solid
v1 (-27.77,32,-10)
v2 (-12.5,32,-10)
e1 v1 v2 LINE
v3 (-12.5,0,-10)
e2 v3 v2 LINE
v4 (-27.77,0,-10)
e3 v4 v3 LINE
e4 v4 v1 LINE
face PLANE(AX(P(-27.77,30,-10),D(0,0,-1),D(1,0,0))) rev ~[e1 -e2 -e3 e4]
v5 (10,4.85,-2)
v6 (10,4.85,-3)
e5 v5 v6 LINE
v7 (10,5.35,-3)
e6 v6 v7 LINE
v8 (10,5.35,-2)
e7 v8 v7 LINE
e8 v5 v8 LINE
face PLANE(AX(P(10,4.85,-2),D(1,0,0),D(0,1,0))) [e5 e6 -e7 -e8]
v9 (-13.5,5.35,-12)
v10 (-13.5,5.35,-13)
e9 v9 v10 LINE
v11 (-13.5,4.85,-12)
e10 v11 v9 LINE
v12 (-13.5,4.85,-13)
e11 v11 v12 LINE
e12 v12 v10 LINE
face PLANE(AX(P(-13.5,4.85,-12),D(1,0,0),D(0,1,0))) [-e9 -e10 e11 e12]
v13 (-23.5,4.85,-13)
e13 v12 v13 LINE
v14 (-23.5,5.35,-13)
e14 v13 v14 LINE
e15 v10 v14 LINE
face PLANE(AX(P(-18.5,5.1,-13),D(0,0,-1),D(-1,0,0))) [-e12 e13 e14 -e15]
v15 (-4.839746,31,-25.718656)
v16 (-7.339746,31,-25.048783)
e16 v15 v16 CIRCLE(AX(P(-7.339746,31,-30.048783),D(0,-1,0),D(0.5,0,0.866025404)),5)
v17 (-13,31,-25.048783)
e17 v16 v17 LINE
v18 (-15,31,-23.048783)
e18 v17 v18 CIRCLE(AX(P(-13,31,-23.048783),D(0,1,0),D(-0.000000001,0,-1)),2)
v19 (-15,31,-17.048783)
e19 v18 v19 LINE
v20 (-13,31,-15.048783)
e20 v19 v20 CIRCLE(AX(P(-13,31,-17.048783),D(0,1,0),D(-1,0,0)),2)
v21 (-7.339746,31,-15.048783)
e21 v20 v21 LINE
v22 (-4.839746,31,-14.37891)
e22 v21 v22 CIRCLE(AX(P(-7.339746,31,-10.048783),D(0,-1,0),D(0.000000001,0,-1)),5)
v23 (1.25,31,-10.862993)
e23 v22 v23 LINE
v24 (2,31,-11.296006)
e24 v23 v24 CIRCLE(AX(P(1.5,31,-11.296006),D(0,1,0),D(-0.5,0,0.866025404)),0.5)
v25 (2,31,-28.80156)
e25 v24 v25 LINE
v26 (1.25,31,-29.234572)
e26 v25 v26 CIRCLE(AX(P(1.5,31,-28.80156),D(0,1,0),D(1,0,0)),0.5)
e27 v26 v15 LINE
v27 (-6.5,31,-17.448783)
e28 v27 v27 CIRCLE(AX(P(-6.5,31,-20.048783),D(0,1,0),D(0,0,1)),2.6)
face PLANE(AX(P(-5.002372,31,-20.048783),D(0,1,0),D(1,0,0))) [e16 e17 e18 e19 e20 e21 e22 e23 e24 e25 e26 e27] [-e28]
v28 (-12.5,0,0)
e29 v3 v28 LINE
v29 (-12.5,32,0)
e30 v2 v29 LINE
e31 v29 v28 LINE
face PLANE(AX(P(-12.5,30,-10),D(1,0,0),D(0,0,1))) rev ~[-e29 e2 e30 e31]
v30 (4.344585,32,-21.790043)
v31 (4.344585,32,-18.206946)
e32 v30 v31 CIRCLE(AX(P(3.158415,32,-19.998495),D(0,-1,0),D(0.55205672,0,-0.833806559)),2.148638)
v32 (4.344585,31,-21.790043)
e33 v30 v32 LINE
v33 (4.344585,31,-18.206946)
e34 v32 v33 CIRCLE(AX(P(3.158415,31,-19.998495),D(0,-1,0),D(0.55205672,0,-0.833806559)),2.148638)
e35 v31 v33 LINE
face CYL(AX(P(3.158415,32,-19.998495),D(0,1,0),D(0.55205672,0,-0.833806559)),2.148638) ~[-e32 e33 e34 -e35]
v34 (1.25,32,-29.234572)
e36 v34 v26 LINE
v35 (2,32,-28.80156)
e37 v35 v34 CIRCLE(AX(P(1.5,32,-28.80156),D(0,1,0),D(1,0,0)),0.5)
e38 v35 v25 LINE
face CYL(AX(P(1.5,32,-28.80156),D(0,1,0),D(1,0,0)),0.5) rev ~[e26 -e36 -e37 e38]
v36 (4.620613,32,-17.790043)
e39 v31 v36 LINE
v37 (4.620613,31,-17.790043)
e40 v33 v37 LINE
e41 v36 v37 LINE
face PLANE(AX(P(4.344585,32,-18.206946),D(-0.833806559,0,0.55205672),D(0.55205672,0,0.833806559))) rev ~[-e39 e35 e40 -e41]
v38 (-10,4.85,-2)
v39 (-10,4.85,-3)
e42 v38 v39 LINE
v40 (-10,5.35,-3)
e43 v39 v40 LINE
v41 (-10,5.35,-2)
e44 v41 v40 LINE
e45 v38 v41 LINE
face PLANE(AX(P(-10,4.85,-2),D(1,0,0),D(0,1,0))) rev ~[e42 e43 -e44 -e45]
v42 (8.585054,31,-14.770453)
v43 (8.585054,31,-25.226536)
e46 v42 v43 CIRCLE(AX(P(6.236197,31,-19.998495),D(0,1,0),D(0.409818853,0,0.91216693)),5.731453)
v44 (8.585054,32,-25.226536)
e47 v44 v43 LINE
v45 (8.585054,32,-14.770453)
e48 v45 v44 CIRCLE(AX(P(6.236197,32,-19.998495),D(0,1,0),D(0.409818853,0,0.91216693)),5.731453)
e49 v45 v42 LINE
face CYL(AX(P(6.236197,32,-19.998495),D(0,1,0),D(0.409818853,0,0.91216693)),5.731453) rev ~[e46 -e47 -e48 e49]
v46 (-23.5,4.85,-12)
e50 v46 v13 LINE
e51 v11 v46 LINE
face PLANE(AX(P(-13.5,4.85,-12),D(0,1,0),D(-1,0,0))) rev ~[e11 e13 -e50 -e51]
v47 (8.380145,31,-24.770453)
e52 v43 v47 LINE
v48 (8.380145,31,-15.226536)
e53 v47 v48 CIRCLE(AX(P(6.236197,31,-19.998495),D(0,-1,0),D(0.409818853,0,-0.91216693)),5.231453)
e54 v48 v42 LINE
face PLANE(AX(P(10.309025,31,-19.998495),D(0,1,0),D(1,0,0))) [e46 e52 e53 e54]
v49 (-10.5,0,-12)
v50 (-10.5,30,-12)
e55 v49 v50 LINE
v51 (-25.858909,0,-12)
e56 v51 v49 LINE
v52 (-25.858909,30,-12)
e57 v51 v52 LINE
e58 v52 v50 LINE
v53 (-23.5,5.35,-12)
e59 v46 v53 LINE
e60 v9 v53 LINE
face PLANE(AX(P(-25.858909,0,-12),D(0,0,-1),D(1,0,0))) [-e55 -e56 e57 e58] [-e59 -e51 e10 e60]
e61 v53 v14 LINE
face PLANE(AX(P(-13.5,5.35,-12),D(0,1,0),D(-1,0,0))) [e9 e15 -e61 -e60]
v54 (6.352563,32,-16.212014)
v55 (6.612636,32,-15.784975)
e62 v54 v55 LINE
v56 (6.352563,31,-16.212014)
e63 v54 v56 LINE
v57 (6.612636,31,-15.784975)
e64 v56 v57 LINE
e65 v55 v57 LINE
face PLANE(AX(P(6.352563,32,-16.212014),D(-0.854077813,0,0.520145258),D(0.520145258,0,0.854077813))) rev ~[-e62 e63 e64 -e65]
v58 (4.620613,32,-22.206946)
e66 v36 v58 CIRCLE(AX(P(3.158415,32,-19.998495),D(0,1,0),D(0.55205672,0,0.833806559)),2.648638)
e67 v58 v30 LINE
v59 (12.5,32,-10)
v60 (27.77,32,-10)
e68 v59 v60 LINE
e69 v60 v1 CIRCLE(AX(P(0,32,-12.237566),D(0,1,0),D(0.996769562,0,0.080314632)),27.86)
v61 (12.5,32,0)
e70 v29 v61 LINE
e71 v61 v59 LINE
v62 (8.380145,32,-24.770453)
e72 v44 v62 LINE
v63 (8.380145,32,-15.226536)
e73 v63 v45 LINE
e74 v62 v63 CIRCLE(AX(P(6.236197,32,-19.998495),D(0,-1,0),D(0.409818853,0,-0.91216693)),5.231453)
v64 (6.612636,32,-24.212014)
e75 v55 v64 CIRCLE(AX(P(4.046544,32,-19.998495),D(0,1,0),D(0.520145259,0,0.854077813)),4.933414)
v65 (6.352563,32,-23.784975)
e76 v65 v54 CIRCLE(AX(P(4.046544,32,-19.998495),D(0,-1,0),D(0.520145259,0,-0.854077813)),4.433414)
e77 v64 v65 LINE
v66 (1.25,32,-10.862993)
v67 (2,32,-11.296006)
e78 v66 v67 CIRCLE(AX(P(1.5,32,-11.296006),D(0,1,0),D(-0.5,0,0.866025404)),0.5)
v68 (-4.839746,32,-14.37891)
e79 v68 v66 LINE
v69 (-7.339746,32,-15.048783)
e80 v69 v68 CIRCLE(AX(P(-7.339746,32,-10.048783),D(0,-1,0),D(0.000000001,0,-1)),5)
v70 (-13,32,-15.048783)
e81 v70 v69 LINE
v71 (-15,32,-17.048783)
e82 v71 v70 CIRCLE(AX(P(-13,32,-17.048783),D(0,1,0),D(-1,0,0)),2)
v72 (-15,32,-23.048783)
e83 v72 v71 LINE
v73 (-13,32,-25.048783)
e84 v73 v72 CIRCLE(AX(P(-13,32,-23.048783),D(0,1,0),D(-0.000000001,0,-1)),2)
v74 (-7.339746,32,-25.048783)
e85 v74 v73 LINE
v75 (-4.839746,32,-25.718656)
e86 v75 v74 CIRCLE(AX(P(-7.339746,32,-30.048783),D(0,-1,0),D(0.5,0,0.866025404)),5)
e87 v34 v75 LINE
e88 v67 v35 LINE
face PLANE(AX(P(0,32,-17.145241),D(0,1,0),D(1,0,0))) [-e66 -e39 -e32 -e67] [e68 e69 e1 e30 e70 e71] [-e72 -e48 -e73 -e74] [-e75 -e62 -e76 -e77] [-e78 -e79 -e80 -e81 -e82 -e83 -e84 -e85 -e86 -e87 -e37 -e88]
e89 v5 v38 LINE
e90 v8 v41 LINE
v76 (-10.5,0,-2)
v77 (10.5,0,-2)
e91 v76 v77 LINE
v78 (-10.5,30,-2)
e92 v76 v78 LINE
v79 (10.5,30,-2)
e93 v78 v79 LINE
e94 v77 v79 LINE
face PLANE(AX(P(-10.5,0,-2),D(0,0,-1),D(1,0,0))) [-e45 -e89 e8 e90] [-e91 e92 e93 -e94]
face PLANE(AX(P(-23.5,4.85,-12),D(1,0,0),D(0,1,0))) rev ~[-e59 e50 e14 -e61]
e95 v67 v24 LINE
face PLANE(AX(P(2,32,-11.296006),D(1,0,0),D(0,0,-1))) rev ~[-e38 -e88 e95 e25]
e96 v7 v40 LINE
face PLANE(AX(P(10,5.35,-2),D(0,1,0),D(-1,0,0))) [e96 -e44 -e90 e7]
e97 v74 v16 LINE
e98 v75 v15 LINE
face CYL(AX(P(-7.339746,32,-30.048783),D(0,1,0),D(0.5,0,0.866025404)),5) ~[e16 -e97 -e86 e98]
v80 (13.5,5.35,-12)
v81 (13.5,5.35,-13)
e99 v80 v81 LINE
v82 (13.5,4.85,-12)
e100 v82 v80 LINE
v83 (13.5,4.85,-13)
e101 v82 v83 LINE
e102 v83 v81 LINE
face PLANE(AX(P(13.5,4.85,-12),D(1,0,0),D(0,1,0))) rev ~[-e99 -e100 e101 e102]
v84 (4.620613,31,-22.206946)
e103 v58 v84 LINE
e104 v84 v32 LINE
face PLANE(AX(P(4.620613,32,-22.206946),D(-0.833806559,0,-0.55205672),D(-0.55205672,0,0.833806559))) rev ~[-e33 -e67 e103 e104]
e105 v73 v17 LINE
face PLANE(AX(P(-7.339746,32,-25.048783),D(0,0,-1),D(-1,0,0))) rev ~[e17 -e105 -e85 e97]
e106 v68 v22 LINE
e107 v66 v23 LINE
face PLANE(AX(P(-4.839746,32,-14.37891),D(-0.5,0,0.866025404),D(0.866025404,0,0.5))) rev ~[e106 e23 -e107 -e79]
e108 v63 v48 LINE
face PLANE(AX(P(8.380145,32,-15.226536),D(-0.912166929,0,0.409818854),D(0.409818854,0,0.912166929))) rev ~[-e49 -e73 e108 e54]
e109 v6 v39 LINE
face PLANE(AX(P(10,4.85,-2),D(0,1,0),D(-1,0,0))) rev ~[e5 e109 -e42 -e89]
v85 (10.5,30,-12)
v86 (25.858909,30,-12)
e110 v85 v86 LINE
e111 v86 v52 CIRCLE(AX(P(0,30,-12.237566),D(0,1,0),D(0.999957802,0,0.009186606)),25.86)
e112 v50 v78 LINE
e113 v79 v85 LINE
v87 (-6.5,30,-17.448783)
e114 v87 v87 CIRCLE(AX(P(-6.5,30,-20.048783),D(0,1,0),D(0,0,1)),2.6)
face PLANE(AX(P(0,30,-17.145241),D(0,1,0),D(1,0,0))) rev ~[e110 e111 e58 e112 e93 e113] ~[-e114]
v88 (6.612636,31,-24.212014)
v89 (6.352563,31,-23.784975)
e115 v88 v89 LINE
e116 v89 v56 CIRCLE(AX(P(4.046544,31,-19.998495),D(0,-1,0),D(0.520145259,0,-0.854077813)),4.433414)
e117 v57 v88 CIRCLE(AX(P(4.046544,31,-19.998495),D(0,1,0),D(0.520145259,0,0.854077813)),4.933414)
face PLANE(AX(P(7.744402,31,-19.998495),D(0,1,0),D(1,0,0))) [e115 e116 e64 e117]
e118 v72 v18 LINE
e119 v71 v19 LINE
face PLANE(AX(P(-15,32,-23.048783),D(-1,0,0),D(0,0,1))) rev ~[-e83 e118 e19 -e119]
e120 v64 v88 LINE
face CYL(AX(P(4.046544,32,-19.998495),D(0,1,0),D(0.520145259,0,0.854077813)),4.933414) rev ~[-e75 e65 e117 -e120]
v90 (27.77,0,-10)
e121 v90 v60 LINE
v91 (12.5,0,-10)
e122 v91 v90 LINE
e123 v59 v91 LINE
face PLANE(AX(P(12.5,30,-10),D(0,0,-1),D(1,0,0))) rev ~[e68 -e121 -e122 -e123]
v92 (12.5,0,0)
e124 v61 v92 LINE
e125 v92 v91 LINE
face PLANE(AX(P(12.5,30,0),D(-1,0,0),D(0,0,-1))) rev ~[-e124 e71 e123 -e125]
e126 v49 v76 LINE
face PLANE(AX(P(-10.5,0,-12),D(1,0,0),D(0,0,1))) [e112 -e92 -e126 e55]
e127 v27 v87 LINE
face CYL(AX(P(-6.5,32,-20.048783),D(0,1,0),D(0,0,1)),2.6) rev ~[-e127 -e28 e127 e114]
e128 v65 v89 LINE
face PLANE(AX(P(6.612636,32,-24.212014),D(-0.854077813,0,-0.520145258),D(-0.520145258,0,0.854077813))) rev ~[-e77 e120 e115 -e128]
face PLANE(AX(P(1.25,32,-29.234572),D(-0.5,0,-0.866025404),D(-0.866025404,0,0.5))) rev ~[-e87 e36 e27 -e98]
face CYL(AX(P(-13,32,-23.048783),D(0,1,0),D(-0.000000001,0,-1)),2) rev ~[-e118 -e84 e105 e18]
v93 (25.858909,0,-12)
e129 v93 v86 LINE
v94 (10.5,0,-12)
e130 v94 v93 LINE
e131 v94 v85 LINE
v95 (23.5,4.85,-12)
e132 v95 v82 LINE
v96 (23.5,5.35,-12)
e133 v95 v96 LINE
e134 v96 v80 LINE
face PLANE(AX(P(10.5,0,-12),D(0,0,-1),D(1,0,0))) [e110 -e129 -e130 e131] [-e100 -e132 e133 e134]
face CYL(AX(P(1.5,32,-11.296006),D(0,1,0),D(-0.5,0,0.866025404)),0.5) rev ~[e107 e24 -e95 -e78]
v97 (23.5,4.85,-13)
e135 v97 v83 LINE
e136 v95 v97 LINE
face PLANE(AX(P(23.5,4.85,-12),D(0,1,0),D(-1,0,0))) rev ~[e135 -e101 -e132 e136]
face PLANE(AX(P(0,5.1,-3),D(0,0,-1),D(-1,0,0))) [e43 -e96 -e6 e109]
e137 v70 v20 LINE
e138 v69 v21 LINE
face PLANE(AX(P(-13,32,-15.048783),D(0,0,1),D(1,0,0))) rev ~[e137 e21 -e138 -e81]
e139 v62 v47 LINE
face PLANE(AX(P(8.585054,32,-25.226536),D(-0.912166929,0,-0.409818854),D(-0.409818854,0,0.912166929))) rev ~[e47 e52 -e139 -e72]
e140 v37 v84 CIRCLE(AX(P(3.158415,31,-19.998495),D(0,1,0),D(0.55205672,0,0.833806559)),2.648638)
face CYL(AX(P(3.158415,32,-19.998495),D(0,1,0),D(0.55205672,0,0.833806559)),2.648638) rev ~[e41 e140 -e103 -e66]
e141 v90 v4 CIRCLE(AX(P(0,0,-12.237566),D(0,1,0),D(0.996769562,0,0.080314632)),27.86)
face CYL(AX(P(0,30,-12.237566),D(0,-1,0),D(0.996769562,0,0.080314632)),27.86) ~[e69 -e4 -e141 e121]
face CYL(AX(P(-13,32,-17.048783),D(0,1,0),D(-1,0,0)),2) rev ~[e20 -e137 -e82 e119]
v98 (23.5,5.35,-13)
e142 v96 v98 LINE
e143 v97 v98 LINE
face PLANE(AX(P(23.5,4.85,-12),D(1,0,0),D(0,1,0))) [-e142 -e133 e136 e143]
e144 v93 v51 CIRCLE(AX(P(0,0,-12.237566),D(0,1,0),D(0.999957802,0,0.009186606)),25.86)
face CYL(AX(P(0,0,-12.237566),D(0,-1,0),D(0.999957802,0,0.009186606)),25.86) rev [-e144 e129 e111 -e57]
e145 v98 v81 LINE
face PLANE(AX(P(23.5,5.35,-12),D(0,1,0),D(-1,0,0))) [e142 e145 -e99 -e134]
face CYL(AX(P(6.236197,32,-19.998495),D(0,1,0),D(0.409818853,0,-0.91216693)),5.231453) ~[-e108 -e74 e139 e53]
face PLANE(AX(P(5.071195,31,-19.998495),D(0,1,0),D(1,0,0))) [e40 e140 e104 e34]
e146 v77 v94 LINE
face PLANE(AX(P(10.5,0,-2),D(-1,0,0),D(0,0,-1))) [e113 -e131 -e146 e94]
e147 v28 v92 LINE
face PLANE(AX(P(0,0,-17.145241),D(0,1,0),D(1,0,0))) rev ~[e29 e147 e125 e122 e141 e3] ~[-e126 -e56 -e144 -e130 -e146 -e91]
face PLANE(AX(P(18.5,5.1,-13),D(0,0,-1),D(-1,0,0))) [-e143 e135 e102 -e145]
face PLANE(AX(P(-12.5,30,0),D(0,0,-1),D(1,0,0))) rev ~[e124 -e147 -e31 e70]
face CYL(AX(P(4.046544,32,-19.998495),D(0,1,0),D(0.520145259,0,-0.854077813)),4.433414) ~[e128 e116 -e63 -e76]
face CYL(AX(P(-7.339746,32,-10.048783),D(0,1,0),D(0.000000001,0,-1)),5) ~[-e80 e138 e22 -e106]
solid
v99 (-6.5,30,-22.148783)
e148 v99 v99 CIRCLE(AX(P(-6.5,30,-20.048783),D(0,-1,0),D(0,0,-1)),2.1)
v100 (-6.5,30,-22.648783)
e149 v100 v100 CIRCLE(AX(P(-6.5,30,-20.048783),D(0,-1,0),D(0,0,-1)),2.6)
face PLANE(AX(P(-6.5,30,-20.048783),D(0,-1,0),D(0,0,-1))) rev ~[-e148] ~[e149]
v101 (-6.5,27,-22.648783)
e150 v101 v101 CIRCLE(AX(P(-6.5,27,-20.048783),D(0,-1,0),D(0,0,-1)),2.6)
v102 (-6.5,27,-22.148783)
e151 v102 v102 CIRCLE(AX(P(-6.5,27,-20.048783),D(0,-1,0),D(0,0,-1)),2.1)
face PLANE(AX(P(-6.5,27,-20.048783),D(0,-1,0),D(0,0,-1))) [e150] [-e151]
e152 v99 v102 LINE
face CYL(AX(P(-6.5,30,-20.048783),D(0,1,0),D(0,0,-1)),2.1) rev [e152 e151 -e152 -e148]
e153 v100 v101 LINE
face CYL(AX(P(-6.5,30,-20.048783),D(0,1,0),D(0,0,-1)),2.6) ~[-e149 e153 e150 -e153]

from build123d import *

# Parameters (mm, degrees)
EXTRUIR_L_MINA1_DEPTH        = 30
SALIENTE_EXTRUIR1_DEPTH      = 2
CORTAR_EXTRUIR1_DEPTH        = 1
CORTAR_EXTRUIR_L_MINA2_DEPTH = 1
CROQUIS5_W                   = 20
CROQUIS5_H                   = 0.5
EXTRUIR_L_MINA2_DEPTH        = 1
CROQUIS6_W                   = 10
CROQUIS6_H                   = 0.5
EXTRUIR_L_MINA3_DEPTH        = 1
CROQUIS7_R                   = 2.6
CORTAR_EXTRUIR2_DEPTH        = 11
CROQUIS8_R                   = 2.6
CROQUIS8_R_2                 = 2.1
SALIENTE_EXTRUIR2_DEPTH      = 3


with BuildPart() as part:
    # Croquis1 → Extruir-Lámina1 (new body)
    with BuildSketch(Plane(origin=(0, 0, 0), x_dir=(1, 0, 0), z_dir=(0, 1, 0))):
        with BuildLine():
            Line((-27.77, 10), (-12.5, 10))
            Line((-12.5, 10), (-12.5, 0))
            Line((-12.5, 0), (12.5, 0))
            Line((12.5, 0), (12.5, 10))
            Line((12.5, 10), (27.77, 10))
            ThreePointArc((27.77, 10), (0, 40.097565641), (-27.77, 10))
        make_face()
        with BuildLine():
            Line((-25.858908766, 12), (-10.5, 12))
            Line((-10.5, 12), (-10.5, 2))
            Line((-10.5, 2), (10.5, 2))
            Line((10.5, 2), (10.5, 12))
            Line((10.5, 12), (25.858908766, 12))
            ThreePointArc((25.858908766, 12), (0, 38.097565641), (-25.858908766, 12))
        make_face(mode=Mode.SUBTRACT)
    extrude(amount=EXTRUIR_L_MINA1_DEPTH)

    # Croquis2 → Saliente-Extruir1 (add)
    with BuildSketch(Plane(origin=(0, 30, 0), x_dir=(1, 0, 0), z_dir=(0, 1, 0))):
        with BuildLine():
            Line((12.5, 10), (27.77, 10))
            ThreePointArc((27.77, 10), (0, 40.097565641), (-27.77, 10))
            Line((-27.77, 10), (-12.5, 10))
            Line((-12.5, 10), (-12.5, 0))
            Line((-12.5, 0), (12.5, 0))
            Line((12.5, 0), (12.5, 10))
        make_face()
    extrude(amount=SALIENTE_EXTRUIR1_DEPTH)

    # Croquis3 → Cortar-Extruir1 (cut)
    with BuildSketch(Plane(origin=(0, 32, 0), x_dir=(1, 0, 0), z_dir=(0, 1, 0))):
        with BuildLine():
            Line((-15, 23.048782821), (-15, 17.048782821))
            ThreePointArc((-15, 17.048782821), (-14.414213562, 15.634569258), (-13, 15.048782821))
            Line((-13, 15.048782821), (-7.339745962, 15.048782821))
            ThreePointArc((-7.339745962, 15.048782821), (-6.045650737, 14.878411952), (-4.839745962, 14.37890984))
            Line((-4.839745962, 14.37890984), (1.25, 10.862993369))
            ThreePointArc((1.25, 10.862993369), (1.75, 10.862993369), (2, 11.296006071))
            Line((2, 11.296006071), (2, 28.80155957))
            ThreePointArc((2, 28.80155957), (1.75, 29.234572272), (1.25, 29.234572272))
            Line((1.25, 29.234572272), (-4.839745962, 25.718655802))
            ThreePointArc((-4.839745962, 25.718655802), (-6.045650737, 25.219153689), (-7.339745962, 25.048782821))
            Line((-7.339745962, 25.048782821), (-13, 25.048782821))
            ThreePointArc((-13, 25.048782821), (-14.414213562, 24.462996383), (-15, 23.048782821))
        make_face()
    extrude(amount=-CORTAR_EXTRUIR1_DEPTH, mode=Mode.SUBTRACT)

    # Croquis4 → Cortar-Extruir-Lámina2 (cut)
    with BuildSketch(Plane(origin=(0, 32, 0), x_dir=(1, 0, 0), z_dir=(0, 1, 0))):
        with BuildLine():
            ThreePointArc((4.344585076, 21.79004299), (5.307052977, 19.99849463), (4.344585076, 18.206946269))
            Line((4.344585076, 18.206946269), (4.620613436, 17.79004299))
            ThreePointArc((4.620613436, 17.79004299), (5.807052977, 19.99849463), (4.620613436, 22.206946269))
            Line((4.620613436, 22.206946269), (4.344585076, 21.79004299))
        make_face()
        with BuildLine():
            ThreePointArc((6.352562942, 23.784975176), (8.479957679, 19.99849463), (6.352562942, 16.212014083))
            Line((6.352562942, 16.212014083), (6.612635571, 15.784975176))
            ThreePointArc((6.612635571, 15.784975176), (8.979957679, 19.99849463), (6.612635571, 24.212014083))
            Line((6.612635571, 24.212014083), (6.352562942, 23.784975176))
        make_face()
        with BuildLine():
            ThreePointArc((8.380144543, 24.770452897), (11.467649375, 19.99849463), (8.380144543, 15.226536362))
            Line((8.380144543, 15.226536362), (8.58505397, 14.770452897))
            ThreePointArc((8.58505397, 14.770452897), (11.967649375, 19.99849463), (8.58505397, 25.226536362))
            Line((8.58505397, 25.226536362), (8.380144543, 24.770452897))
        make_face()
    extrude(amount=-CORTAR_EXTRUIR_L_MINA2_DEPTH, mode=Mode.SUBTRACT)

    # Croquis5 → Extruir-Lámina2 (add)
    with BuildSketch(Plane(origin=(0, 0, -2), x_dir=(-1, 0, 0), z_dir=(0, 0, -1))):
        with Locations((0, 5.1)):
            Rectangle(CROQUIS5_W, CROQUIS5_H)
    extrude(amount=EXTRUIR_L_MINA2_DEPTH)

    # Croquis6 → Extruir-Lámina3 (add)
    with BuildSketch(Plane(origin=(0, 0, -12), x_dir=(-1, 0, 0), z_dir=(0, 0, -1))):
        with Locations((-18.5, 5.1)):
            Rectangle(CROQUIS6_W, CROQUIS6_H)
        with Locations((18.5, 5.1)):
            Rectangle(CROQUIS6_W, CROQUIS6_H)
    extrude(amount=EXTRUIR_L_MINA3_DEPTH)

    # Croquis7 → Cortar-Extruir2 (cut)
    with BuildSketch(Plane(origin=(0, 32, 0), x_dir=(1, 0, 0), z_dir=(0, 1, 0))):
        with Locations(Location((-6.5, 20.048782821, 0), (0, 0, 270))):
            Circle(CROQUIS7_R)
    extrude(amount=-CORTAR_EXTRUIR2_DEPTH, mode=Mode.SUBTRACT)


with BuildPart() as body_2:
    # Croquis8 → Saliente-Extruir2 (new body)
    with BuildSketch(Plane.XZ.offset(-30)):
        with Locations(Location((-6.5, -20.048782821, 0), (0, 0, 270))):
            Circle(CROQUIS8_R)
        with Locations(Location((-6.5, -20.048782821, 0), (0, 0, 270))):
            Circle(CROQUIS8_R_2, mode=Mode.SUBTRACT)
    extrude(amount=SALIENTE_EXTRUIR2_DEPTH)


solid = Compound([part.part, body_2.part])
